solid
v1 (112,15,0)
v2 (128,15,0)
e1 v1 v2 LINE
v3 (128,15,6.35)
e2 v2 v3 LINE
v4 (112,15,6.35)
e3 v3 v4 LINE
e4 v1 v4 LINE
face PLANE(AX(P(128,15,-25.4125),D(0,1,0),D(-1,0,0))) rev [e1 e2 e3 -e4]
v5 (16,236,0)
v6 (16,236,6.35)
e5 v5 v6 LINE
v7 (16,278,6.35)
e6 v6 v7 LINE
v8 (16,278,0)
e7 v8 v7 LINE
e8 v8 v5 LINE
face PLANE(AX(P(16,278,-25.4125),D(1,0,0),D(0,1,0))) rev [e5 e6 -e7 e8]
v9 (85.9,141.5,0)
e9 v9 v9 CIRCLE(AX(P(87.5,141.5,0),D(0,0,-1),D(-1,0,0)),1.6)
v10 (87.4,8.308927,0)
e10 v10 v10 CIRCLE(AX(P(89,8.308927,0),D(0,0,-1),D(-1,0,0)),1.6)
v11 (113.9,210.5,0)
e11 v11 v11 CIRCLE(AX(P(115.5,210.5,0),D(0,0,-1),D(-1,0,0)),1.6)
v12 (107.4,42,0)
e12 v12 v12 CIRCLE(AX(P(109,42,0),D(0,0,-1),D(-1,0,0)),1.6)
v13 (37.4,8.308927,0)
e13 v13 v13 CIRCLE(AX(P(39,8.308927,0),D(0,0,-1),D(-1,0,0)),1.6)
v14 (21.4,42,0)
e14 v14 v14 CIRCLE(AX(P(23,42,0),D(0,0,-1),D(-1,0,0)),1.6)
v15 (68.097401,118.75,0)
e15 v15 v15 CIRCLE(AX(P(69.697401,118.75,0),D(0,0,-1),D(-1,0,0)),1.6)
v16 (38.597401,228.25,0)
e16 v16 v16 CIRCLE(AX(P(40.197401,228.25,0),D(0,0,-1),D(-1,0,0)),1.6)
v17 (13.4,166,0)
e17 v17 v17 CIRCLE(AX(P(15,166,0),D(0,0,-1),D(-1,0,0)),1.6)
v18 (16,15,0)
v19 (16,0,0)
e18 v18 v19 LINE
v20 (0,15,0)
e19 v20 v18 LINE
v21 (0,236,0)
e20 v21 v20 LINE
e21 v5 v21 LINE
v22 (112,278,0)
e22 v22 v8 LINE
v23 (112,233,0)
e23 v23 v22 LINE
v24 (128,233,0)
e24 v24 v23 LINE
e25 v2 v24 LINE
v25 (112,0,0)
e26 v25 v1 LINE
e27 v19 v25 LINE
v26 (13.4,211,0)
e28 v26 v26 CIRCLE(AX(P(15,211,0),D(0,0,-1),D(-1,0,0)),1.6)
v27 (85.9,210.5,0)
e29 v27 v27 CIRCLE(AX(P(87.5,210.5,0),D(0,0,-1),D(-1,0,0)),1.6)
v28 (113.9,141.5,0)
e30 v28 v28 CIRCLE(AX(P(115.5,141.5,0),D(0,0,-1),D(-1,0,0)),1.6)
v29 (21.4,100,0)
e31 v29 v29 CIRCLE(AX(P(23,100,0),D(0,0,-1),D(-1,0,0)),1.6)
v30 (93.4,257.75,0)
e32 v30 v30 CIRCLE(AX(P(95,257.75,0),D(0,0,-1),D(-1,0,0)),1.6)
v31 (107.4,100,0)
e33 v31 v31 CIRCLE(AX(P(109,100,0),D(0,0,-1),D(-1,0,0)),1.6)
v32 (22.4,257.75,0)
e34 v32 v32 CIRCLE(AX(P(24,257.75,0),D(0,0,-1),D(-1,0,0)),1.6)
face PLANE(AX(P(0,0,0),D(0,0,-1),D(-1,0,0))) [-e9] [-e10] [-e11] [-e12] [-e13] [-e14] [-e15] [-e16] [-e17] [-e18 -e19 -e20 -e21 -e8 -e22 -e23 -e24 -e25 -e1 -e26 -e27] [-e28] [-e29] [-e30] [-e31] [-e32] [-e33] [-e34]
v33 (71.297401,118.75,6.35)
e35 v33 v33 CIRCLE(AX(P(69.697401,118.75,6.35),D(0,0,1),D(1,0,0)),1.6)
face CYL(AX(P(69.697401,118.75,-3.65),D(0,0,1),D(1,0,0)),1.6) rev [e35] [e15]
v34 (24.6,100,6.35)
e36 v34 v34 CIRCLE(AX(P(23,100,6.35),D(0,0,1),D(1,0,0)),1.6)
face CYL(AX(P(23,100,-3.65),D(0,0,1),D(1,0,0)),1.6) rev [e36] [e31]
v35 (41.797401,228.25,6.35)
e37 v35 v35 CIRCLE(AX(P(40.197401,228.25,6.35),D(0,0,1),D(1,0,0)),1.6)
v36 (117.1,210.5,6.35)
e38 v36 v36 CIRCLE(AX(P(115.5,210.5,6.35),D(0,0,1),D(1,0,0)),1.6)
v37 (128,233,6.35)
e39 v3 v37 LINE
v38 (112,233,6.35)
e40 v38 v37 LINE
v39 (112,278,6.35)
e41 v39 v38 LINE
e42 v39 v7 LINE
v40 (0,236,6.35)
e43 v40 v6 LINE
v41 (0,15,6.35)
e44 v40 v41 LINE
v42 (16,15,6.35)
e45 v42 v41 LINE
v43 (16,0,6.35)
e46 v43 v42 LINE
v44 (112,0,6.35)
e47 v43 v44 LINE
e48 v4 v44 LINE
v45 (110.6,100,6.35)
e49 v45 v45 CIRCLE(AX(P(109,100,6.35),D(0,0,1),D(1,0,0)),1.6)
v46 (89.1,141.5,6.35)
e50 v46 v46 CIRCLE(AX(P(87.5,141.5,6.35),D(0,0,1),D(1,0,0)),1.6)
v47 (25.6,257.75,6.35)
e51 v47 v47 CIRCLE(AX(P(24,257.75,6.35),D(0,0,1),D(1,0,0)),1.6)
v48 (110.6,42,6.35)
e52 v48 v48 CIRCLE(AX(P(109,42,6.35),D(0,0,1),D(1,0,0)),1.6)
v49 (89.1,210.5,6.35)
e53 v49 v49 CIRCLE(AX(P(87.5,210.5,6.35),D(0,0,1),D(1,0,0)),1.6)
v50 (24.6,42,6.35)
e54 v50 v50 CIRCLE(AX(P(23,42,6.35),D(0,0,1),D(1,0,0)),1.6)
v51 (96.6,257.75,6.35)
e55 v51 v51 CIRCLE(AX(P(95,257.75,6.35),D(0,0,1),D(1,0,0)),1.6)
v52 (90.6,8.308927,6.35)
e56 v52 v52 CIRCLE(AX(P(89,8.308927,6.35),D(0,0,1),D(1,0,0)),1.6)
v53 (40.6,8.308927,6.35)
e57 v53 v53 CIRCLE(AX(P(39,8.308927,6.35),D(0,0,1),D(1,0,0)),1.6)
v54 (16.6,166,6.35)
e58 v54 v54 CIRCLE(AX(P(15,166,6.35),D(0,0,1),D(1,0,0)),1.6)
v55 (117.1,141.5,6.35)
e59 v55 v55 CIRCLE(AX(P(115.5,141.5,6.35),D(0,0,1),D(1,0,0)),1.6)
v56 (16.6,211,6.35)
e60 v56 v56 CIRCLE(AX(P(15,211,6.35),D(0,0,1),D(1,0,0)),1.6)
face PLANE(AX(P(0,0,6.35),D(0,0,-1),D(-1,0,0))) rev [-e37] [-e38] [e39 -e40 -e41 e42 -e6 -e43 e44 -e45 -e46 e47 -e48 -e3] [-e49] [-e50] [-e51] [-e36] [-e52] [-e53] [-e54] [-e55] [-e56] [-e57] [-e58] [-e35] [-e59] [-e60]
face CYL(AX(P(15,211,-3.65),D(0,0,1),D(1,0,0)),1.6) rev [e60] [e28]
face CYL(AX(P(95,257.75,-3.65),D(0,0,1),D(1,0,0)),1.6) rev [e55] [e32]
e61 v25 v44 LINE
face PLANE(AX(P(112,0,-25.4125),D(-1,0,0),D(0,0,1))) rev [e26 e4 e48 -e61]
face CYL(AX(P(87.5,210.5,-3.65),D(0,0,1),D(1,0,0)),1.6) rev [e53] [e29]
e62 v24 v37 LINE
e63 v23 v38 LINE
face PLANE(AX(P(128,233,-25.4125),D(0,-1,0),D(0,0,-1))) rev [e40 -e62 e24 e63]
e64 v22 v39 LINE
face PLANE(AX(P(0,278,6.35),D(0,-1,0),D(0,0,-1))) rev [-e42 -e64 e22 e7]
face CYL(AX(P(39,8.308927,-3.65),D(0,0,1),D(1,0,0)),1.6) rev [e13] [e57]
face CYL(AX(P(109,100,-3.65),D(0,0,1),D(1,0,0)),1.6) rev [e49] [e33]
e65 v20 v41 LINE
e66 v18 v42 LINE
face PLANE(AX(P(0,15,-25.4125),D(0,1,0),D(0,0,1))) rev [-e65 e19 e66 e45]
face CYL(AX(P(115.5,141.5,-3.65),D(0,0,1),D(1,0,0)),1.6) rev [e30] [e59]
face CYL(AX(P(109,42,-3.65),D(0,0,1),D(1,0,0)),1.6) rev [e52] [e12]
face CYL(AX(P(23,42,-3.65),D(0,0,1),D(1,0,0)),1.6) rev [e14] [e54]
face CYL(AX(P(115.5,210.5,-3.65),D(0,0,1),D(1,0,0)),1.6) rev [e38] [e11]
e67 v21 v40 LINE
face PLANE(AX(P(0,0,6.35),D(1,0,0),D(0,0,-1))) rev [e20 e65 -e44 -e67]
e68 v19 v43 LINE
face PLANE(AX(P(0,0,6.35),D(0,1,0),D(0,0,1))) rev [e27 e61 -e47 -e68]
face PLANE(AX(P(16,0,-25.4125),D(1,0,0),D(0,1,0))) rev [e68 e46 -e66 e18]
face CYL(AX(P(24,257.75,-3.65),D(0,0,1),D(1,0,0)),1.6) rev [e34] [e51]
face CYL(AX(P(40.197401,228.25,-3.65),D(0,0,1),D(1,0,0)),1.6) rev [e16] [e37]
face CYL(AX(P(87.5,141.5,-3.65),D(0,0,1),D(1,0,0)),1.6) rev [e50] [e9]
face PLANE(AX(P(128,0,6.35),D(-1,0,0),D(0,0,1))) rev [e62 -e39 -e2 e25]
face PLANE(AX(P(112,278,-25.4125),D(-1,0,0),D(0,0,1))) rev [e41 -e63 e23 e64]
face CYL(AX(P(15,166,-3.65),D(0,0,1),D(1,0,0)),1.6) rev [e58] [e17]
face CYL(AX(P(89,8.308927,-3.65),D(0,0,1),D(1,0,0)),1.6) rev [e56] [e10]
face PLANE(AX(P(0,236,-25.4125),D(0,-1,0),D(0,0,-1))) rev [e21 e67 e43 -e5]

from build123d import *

# Parameters (mm, degrees)
SKETCH1_W           = 128
SKETCH1_H           = 278
BOSS_EXTRUDE1_DEPTH = 6.35
SKETCH2_W           = 16
SKETCH2_H           = 42
SKETCH2_H_2         = 45
SKETCH2_H_3         = 15
CUT_EXTRUDE1_DEPTH  = 31.7625
SKETCH5_R           = 1.6
CUT_EXTRUDE3_DEPTH  = 10


with BuildPart() as part:
    # Sketch1 → Boss-Extrude1 (new body)
    with BuildSketch(Plane.XY):
        with Locations((64, 139)):
            Rectangle(SKETCH1_W, SKETCH1_H)
    extrude(amount=BOSS_EXTRUDE1_DEPTH)

    # Sketch2 → Cut-Extrude1 (cut)
    with BuildSketch(Plane.XY.offset(6.35)):
        with Locations((8, 257)):
            Rectangle(SKETCH2_W, SKETCH2_H)
        with Locations((120, 255.5)):
            Rectangle(SKETCH2_W, SKETCH2_H_2)
        with Locations((120, 7.5)):
            Rectangle(SKETCH2_W, SKETCH2_H_3)
        with Locations((8, 7.5)):
            Rectangle(SKETCH2_W, SKETCH2_H_3)
    extrude(amount=-CUT_EXTRUDE1_DEPTH, mode=Mode.SUBTRACT)

    # Sketch5 → Cut-Extrude3 (cut)
    with BuildSketch(Plane.XY.offset(6.35)):
        with Locations((24, 257.75)):
            Circle(SKETCH5_R)
        with Locations((95, 257.75)):
            Circle(SKETCH5_R)
        with Locations((87.5, 210.5)):
            Circle(SKETCH5_R)
        with Locations((115.5, 210.5)):
            Circle(SKETCH5_R)
        with Locations((87.5, 141.5)):
            Circle(SKETCH5_R)
        with Locations((115.5, 141.5)):
            Circle(SKETCH5_R)
        with Locations((69.697400928, 118.75)):
            Circle(SKETCH5_R)
        with Locations((40.197400928, 228.25)):
            Circle(SKETCH5_R)
        with Locations((15, 211)):
            Circle(SKETCH5_R)
        with Locations((15, 166)):
            Circle(SKETCH5_R)
        with Locations((39, 8.308927031)):
            Circle(SKETCH5_R)
        with Locations((89, 8.308927031)):
            Circle(SKETCH5_R)
        with Locations((23, 100)):
            Circle(SKETCH5_R)
        with Locations((23, 42)):
            Circle(SKETCH5_R)
        with Locations((109, 42)):
            Circle(SKETCH5_R)
        with Locations((109, 100)):
            Circle(SKETCH5_R)
    extrude(amount=-CUT_EXTRUDE3_DEPTH, mode=Mode.SUBTRACT)


solid = part.part
